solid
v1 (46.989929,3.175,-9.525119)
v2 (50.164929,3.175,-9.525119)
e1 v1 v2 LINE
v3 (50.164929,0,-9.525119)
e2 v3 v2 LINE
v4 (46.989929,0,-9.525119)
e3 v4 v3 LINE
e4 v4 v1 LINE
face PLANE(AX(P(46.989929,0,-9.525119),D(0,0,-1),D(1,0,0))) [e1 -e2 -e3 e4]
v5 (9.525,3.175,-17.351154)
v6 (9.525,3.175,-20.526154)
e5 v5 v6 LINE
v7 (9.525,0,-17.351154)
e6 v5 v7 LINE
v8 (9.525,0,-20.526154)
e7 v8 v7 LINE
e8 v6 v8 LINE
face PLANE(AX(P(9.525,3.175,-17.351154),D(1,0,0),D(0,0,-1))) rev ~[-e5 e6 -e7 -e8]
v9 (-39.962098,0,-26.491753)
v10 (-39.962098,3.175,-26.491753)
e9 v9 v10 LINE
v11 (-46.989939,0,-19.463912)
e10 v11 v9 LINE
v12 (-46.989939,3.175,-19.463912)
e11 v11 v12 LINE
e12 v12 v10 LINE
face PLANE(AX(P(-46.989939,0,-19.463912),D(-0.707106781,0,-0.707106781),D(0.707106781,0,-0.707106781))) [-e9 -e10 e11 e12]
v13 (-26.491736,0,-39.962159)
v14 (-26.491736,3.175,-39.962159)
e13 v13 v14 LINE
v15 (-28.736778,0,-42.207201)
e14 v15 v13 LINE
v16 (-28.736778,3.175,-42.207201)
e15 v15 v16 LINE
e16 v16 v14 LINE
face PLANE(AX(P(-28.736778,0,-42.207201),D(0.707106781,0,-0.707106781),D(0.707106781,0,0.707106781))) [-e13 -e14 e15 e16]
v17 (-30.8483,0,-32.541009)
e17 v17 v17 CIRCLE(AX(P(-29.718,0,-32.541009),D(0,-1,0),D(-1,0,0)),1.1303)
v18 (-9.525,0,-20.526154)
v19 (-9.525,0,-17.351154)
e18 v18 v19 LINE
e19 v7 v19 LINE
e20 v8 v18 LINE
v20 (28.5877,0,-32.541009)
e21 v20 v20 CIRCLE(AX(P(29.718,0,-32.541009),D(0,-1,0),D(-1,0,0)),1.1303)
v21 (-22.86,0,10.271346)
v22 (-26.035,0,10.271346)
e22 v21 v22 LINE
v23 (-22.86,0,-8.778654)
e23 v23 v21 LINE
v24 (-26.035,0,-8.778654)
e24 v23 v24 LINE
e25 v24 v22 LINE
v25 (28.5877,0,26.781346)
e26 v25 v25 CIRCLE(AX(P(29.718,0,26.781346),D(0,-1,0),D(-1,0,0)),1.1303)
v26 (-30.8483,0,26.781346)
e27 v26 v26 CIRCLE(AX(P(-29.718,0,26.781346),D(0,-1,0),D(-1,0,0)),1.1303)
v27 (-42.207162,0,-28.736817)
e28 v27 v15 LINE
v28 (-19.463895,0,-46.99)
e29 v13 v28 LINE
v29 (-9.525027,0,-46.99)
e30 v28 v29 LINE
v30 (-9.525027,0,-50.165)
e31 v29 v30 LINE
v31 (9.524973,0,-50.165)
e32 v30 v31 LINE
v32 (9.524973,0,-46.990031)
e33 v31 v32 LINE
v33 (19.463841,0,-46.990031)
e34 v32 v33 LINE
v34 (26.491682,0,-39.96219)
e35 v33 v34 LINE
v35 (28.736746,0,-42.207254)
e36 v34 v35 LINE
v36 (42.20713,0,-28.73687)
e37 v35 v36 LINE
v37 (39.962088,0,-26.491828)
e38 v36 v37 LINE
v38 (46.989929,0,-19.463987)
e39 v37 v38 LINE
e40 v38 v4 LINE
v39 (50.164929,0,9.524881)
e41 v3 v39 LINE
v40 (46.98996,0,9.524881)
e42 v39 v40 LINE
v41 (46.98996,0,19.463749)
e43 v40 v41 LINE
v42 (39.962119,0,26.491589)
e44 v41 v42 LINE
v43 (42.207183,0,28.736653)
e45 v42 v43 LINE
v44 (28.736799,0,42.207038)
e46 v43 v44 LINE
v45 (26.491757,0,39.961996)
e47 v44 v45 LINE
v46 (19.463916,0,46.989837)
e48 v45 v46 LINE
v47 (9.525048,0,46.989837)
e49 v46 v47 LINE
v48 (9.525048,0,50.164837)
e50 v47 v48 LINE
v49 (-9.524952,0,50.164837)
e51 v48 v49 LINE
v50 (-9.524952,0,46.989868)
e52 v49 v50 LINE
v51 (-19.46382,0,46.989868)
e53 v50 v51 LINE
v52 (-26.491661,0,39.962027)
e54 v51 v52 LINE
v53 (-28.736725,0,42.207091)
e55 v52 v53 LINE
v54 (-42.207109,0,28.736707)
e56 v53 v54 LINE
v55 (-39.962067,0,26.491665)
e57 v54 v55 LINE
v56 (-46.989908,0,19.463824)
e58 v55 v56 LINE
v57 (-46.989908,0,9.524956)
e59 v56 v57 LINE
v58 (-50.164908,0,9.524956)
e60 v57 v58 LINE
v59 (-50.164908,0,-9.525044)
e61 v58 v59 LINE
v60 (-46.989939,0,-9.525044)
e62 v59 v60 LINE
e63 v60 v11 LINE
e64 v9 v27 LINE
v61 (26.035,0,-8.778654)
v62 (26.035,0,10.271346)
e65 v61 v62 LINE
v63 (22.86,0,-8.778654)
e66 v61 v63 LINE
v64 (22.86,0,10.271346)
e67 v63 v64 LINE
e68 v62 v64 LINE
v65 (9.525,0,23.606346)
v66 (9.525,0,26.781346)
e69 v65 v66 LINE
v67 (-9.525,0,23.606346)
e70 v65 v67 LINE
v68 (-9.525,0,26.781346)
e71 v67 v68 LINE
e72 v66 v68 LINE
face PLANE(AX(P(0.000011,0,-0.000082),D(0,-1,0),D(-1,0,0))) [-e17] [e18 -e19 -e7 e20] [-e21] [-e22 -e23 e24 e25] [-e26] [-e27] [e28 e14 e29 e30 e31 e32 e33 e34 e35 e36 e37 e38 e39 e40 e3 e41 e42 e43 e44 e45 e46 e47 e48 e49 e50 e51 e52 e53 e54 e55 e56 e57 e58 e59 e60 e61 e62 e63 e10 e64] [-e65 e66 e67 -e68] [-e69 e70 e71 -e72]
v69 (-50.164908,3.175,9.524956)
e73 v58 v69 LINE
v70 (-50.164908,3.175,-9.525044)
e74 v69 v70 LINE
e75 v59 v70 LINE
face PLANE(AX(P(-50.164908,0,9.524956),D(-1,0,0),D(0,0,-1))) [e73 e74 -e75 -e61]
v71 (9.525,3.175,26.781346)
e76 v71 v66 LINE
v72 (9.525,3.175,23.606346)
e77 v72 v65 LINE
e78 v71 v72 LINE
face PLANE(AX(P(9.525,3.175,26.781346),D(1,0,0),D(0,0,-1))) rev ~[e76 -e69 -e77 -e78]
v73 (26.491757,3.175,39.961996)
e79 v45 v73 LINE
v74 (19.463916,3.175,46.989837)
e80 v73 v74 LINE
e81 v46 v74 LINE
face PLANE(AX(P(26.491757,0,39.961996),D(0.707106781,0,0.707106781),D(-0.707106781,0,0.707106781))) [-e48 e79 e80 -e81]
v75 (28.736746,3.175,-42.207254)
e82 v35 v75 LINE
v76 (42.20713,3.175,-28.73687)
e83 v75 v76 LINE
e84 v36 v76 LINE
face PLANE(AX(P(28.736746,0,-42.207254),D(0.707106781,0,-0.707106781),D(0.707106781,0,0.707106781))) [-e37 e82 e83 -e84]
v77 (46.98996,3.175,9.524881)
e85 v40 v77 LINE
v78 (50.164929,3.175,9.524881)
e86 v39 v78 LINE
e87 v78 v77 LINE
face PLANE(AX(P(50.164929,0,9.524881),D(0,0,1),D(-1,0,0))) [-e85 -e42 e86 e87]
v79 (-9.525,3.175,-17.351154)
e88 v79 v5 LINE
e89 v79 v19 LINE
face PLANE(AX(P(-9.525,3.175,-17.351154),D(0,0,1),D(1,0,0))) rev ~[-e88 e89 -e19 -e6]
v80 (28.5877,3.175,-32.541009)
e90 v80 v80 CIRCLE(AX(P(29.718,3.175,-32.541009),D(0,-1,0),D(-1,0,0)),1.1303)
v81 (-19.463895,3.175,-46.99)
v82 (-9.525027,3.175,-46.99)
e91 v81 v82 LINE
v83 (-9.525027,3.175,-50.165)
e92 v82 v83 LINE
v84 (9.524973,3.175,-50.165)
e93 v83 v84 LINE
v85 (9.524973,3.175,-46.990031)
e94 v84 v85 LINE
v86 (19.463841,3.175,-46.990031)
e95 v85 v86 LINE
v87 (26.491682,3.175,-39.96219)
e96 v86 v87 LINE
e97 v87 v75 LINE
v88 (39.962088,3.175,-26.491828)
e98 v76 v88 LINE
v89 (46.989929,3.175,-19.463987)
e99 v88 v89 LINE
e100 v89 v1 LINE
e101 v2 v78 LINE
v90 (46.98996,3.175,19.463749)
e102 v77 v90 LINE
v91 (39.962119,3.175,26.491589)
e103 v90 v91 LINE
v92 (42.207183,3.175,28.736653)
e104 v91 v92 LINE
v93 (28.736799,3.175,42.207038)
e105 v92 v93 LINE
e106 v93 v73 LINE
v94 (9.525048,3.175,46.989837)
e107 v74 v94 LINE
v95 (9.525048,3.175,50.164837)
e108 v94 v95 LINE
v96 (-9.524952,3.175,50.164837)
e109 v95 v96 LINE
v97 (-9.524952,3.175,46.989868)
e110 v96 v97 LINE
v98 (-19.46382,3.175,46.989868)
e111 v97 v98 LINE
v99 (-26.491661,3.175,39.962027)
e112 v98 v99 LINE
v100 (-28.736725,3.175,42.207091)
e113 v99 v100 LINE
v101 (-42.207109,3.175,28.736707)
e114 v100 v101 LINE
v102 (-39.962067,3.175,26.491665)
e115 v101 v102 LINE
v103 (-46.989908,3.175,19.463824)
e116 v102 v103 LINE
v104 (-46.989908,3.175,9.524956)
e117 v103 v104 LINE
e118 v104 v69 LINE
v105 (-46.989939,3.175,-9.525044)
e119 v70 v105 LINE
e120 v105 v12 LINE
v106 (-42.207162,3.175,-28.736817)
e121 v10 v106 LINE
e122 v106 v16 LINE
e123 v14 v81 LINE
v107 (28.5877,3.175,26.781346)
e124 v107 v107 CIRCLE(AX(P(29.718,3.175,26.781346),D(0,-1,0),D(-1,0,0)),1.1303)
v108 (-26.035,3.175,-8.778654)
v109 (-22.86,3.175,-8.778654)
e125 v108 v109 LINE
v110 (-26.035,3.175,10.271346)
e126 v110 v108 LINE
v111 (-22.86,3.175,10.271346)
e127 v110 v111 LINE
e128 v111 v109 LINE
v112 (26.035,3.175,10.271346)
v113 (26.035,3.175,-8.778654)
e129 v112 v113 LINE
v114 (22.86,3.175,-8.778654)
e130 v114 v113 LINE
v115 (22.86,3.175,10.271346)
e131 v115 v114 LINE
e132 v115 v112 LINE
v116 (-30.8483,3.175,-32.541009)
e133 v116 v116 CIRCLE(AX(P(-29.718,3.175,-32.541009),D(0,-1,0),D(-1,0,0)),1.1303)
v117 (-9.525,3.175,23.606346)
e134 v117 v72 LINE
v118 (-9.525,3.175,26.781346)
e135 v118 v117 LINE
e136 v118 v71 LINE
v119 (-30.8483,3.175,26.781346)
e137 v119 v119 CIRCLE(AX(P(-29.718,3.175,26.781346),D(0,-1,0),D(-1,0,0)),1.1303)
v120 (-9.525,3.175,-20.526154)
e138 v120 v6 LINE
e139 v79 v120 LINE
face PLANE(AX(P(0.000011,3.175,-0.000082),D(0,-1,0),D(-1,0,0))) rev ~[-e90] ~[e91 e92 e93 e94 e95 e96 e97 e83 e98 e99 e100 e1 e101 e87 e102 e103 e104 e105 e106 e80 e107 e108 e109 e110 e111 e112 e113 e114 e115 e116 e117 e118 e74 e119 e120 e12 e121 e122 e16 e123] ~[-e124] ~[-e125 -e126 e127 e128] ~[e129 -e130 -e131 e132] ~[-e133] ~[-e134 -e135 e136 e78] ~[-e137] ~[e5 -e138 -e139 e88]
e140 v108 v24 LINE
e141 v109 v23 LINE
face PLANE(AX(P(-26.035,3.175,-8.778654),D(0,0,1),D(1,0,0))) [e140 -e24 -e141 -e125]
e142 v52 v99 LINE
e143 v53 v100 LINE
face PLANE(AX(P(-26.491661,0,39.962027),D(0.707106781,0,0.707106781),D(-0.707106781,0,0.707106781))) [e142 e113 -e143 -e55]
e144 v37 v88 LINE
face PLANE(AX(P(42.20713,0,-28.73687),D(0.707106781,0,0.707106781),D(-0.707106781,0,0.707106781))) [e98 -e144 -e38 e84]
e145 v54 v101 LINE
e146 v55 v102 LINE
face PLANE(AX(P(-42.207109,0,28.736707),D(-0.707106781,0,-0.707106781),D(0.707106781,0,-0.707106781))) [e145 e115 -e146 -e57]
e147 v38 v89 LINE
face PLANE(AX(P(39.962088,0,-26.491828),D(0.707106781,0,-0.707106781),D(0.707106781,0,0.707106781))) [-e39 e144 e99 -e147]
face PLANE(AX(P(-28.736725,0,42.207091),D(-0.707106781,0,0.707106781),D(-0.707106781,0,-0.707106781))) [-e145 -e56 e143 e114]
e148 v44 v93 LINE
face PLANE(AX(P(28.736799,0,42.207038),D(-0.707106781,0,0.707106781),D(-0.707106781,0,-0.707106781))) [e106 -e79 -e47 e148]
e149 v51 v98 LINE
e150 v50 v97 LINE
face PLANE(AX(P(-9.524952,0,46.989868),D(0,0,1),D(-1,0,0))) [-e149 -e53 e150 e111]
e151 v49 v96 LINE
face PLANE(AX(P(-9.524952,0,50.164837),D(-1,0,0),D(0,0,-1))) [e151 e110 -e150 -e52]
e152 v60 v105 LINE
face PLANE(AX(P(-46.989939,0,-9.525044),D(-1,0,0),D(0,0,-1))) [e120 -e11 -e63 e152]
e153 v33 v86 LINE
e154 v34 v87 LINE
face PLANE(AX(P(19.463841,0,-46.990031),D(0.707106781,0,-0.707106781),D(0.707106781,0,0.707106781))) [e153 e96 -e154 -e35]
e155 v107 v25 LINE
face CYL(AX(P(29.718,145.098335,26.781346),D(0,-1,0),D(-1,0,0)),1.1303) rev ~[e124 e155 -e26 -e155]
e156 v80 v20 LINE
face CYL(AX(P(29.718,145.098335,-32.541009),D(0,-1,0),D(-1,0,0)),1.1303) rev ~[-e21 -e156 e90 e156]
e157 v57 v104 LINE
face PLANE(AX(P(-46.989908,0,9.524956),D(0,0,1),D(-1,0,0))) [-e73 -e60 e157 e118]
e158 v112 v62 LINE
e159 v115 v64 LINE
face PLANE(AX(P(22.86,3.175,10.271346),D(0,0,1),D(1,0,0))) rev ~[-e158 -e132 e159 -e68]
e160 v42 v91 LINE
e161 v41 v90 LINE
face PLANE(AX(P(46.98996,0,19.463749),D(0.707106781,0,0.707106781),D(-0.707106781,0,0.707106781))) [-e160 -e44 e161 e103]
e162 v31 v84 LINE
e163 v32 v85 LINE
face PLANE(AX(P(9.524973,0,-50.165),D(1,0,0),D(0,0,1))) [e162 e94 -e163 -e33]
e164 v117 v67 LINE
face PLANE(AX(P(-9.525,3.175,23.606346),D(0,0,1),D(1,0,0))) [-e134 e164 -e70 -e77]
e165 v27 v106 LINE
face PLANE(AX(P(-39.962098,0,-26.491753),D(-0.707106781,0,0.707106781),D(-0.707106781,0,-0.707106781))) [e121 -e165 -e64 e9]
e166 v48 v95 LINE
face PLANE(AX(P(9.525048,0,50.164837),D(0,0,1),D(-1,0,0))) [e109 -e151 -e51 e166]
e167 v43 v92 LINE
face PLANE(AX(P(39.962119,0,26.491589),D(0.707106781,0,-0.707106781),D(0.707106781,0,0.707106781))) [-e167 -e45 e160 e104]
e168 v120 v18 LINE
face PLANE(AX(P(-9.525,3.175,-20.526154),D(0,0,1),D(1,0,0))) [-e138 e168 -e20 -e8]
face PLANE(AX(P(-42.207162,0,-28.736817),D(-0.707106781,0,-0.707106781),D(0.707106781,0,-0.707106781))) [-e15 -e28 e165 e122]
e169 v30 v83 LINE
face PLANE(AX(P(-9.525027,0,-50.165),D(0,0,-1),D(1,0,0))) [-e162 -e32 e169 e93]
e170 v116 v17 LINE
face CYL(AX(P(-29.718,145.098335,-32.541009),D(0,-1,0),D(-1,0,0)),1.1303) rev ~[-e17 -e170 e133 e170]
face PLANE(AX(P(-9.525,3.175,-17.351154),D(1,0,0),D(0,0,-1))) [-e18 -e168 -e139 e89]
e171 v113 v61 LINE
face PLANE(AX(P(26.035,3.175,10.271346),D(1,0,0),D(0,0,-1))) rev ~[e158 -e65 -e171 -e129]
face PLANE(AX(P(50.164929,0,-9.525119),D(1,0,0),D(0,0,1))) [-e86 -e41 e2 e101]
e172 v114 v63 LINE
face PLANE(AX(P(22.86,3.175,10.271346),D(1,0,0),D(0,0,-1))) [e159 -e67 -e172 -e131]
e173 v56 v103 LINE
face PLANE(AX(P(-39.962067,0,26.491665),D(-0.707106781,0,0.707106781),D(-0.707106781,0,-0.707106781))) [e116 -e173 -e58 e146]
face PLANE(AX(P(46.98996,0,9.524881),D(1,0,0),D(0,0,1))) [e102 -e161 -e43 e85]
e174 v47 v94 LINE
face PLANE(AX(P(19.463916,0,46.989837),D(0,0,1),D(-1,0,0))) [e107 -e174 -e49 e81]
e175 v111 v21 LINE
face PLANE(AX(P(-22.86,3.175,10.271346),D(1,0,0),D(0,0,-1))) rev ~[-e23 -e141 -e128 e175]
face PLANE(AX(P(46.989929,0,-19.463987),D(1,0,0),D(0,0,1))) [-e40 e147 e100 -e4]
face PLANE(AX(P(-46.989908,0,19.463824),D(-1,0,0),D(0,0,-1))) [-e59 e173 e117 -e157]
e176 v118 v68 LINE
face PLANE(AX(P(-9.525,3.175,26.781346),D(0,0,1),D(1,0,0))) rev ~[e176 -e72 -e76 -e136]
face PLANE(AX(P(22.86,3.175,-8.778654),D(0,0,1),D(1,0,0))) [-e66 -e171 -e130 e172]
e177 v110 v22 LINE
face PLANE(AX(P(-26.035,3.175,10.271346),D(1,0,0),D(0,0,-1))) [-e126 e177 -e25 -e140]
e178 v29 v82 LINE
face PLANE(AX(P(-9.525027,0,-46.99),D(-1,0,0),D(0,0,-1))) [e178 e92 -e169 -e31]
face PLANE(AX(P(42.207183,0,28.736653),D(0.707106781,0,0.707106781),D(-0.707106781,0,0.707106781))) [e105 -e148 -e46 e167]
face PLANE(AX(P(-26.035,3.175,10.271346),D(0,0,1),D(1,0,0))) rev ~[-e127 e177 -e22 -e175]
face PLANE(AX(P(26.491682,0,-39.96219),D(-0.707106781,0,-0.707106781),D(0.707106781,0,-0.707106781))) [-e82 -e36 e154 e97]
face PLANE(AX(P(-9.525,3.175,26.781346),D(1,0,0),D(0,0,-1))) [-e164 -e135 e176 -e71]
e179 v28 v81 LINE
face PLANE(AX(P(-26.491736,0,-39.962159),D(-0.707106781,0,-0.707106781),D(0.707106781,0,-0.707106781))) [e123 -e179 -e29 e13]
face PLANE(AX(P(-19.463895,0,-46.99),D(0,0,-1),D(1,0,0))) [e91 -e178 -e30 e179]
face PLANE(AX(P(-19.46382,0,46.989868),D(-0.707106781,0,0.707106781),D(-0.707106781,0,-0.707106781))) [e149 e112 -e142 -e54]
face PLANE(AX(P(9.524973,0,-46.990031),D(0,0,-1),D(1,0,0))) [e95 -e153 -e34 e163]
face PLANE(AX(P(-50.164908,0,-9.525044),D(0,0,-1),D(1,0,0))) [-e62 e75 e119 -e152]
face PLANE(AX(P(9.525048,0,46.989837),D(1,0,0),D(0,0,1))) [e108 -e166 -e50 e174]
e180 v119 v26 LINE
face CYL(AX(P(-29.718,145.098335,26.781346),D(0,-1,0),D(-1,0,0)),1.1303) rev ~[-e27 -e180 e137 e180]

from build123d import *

# Parameters (mm, degrees)
BOSS_EXTRUDE1_DEPTH   = 3.175
F_2_CLEARANCE_HOLE1_D = 2.2606
SKETCH4_W             = 3.175
SKETCH4_H             = 19.05
SKETCH4_W_2           = 19.05
SKETCH4_H_2           = 3.175
CUT_EXTRUDE1_DEPTH    = 72.01498393


with BuildPart() as part:
    # Sketch1 → Boss-Extrude1 (new body)
    with BuildSketch(Plane(origin=(0, 0, 0), x_dir=(1, 0, 0), z_dir=(0, 1, 0))):
        Polygon((-19.463895296, 46.99), (-9.525027315, 46.99), (-9.525027315, 50.165), (9.524972685, 50.165), (9.524972685, 46.990031352), (19.463840666, 46.990031352), (26.491681613, 39.962190405), (28.736745643, 42.207254435), (42.207129825, 28.736870254), (39.962087963, 26.491828392), (46.98992891, 19.463987446), (46.98992891, 9.525119465), (50.16492891, 9.525119465), (50.16492891, -9.524880535), (46.989960262, -9.524880535), (46.989960262, -19.463748516), (39.962119315, -26.491589463), (42.207183345, -28.736653493), (28.736799164, -42.207037675), (26.491757302, -39.961995814), (19.463916356, -46.98983676), (9.525048375, -46.98983676), (9.525048375, -50.16483676), (-9.524951625, -50.16483676), (-9.524951625, -46.989868112), (-19.463819606, -46.989868112), (-26.491660553, -39.962027165), (-28.736724583, -42.207091196), (-42.207108765, -28.736707014), (-39.962066904, -26.491665153), (-46.98990785, -19.463824206), (-46.98990785, -9.524956225), (-50.16490785, -9.524956225), (-50.16490785, 9.525043775), (-46.989939202, 9.525043775), (-46.989939202, 19.463911756), (-39.962098255, 26.491752703), (-42.207162286, 28.736816733), (-28.736778104, 42.207200915), (-26.491736243, 39.962159053), align=None)
    extrude(amount=BOSS_EXTRUDE1_DEPTH)

    # #2 Clearance Hole1 (through all)
    with Locations(Plane(origin=(0, 3.175, 0), x_dir=(1, 0, 0), z_dir=(0, 1, 0))):
        with Locations((-29.718, -26.781346139), (-29.718, 32.541008543), (29.718, 32.541008543), (29.718, -26.781346139)):
            Hole(F_2_CLEARANCE_HOLE1_D / 2)

    # Sketch4 → Cut-Extrude1 (cut, through all)
    with BuildSketch(Plane(origin=(0, 3.175, 0), x_dir=(1, 0, 0), z_dir=(0, 1, 0))):
        with Locations((-24.4475, -0.746346139)):
            Rectangle(SKETCH4_W, SKETCH4_H)
        with Locations((24.4475, -0.746346139)):
            Rectangle(SKETCH4_W, SKETCH4_H)
        with Locations((0, 18.938653861)):
            Rectangle(SKETCH4_W_2, SKETCH4_H_2)
        with Locations((0, -25.193846139)):
            Rectangle(SKETCH4_W_2, SKETCH4_H_2)
    extrude(amount=-CUT_EXTRUDE1_DEPTH, mode=Mode.SUBTRACT)


solid = part.part
